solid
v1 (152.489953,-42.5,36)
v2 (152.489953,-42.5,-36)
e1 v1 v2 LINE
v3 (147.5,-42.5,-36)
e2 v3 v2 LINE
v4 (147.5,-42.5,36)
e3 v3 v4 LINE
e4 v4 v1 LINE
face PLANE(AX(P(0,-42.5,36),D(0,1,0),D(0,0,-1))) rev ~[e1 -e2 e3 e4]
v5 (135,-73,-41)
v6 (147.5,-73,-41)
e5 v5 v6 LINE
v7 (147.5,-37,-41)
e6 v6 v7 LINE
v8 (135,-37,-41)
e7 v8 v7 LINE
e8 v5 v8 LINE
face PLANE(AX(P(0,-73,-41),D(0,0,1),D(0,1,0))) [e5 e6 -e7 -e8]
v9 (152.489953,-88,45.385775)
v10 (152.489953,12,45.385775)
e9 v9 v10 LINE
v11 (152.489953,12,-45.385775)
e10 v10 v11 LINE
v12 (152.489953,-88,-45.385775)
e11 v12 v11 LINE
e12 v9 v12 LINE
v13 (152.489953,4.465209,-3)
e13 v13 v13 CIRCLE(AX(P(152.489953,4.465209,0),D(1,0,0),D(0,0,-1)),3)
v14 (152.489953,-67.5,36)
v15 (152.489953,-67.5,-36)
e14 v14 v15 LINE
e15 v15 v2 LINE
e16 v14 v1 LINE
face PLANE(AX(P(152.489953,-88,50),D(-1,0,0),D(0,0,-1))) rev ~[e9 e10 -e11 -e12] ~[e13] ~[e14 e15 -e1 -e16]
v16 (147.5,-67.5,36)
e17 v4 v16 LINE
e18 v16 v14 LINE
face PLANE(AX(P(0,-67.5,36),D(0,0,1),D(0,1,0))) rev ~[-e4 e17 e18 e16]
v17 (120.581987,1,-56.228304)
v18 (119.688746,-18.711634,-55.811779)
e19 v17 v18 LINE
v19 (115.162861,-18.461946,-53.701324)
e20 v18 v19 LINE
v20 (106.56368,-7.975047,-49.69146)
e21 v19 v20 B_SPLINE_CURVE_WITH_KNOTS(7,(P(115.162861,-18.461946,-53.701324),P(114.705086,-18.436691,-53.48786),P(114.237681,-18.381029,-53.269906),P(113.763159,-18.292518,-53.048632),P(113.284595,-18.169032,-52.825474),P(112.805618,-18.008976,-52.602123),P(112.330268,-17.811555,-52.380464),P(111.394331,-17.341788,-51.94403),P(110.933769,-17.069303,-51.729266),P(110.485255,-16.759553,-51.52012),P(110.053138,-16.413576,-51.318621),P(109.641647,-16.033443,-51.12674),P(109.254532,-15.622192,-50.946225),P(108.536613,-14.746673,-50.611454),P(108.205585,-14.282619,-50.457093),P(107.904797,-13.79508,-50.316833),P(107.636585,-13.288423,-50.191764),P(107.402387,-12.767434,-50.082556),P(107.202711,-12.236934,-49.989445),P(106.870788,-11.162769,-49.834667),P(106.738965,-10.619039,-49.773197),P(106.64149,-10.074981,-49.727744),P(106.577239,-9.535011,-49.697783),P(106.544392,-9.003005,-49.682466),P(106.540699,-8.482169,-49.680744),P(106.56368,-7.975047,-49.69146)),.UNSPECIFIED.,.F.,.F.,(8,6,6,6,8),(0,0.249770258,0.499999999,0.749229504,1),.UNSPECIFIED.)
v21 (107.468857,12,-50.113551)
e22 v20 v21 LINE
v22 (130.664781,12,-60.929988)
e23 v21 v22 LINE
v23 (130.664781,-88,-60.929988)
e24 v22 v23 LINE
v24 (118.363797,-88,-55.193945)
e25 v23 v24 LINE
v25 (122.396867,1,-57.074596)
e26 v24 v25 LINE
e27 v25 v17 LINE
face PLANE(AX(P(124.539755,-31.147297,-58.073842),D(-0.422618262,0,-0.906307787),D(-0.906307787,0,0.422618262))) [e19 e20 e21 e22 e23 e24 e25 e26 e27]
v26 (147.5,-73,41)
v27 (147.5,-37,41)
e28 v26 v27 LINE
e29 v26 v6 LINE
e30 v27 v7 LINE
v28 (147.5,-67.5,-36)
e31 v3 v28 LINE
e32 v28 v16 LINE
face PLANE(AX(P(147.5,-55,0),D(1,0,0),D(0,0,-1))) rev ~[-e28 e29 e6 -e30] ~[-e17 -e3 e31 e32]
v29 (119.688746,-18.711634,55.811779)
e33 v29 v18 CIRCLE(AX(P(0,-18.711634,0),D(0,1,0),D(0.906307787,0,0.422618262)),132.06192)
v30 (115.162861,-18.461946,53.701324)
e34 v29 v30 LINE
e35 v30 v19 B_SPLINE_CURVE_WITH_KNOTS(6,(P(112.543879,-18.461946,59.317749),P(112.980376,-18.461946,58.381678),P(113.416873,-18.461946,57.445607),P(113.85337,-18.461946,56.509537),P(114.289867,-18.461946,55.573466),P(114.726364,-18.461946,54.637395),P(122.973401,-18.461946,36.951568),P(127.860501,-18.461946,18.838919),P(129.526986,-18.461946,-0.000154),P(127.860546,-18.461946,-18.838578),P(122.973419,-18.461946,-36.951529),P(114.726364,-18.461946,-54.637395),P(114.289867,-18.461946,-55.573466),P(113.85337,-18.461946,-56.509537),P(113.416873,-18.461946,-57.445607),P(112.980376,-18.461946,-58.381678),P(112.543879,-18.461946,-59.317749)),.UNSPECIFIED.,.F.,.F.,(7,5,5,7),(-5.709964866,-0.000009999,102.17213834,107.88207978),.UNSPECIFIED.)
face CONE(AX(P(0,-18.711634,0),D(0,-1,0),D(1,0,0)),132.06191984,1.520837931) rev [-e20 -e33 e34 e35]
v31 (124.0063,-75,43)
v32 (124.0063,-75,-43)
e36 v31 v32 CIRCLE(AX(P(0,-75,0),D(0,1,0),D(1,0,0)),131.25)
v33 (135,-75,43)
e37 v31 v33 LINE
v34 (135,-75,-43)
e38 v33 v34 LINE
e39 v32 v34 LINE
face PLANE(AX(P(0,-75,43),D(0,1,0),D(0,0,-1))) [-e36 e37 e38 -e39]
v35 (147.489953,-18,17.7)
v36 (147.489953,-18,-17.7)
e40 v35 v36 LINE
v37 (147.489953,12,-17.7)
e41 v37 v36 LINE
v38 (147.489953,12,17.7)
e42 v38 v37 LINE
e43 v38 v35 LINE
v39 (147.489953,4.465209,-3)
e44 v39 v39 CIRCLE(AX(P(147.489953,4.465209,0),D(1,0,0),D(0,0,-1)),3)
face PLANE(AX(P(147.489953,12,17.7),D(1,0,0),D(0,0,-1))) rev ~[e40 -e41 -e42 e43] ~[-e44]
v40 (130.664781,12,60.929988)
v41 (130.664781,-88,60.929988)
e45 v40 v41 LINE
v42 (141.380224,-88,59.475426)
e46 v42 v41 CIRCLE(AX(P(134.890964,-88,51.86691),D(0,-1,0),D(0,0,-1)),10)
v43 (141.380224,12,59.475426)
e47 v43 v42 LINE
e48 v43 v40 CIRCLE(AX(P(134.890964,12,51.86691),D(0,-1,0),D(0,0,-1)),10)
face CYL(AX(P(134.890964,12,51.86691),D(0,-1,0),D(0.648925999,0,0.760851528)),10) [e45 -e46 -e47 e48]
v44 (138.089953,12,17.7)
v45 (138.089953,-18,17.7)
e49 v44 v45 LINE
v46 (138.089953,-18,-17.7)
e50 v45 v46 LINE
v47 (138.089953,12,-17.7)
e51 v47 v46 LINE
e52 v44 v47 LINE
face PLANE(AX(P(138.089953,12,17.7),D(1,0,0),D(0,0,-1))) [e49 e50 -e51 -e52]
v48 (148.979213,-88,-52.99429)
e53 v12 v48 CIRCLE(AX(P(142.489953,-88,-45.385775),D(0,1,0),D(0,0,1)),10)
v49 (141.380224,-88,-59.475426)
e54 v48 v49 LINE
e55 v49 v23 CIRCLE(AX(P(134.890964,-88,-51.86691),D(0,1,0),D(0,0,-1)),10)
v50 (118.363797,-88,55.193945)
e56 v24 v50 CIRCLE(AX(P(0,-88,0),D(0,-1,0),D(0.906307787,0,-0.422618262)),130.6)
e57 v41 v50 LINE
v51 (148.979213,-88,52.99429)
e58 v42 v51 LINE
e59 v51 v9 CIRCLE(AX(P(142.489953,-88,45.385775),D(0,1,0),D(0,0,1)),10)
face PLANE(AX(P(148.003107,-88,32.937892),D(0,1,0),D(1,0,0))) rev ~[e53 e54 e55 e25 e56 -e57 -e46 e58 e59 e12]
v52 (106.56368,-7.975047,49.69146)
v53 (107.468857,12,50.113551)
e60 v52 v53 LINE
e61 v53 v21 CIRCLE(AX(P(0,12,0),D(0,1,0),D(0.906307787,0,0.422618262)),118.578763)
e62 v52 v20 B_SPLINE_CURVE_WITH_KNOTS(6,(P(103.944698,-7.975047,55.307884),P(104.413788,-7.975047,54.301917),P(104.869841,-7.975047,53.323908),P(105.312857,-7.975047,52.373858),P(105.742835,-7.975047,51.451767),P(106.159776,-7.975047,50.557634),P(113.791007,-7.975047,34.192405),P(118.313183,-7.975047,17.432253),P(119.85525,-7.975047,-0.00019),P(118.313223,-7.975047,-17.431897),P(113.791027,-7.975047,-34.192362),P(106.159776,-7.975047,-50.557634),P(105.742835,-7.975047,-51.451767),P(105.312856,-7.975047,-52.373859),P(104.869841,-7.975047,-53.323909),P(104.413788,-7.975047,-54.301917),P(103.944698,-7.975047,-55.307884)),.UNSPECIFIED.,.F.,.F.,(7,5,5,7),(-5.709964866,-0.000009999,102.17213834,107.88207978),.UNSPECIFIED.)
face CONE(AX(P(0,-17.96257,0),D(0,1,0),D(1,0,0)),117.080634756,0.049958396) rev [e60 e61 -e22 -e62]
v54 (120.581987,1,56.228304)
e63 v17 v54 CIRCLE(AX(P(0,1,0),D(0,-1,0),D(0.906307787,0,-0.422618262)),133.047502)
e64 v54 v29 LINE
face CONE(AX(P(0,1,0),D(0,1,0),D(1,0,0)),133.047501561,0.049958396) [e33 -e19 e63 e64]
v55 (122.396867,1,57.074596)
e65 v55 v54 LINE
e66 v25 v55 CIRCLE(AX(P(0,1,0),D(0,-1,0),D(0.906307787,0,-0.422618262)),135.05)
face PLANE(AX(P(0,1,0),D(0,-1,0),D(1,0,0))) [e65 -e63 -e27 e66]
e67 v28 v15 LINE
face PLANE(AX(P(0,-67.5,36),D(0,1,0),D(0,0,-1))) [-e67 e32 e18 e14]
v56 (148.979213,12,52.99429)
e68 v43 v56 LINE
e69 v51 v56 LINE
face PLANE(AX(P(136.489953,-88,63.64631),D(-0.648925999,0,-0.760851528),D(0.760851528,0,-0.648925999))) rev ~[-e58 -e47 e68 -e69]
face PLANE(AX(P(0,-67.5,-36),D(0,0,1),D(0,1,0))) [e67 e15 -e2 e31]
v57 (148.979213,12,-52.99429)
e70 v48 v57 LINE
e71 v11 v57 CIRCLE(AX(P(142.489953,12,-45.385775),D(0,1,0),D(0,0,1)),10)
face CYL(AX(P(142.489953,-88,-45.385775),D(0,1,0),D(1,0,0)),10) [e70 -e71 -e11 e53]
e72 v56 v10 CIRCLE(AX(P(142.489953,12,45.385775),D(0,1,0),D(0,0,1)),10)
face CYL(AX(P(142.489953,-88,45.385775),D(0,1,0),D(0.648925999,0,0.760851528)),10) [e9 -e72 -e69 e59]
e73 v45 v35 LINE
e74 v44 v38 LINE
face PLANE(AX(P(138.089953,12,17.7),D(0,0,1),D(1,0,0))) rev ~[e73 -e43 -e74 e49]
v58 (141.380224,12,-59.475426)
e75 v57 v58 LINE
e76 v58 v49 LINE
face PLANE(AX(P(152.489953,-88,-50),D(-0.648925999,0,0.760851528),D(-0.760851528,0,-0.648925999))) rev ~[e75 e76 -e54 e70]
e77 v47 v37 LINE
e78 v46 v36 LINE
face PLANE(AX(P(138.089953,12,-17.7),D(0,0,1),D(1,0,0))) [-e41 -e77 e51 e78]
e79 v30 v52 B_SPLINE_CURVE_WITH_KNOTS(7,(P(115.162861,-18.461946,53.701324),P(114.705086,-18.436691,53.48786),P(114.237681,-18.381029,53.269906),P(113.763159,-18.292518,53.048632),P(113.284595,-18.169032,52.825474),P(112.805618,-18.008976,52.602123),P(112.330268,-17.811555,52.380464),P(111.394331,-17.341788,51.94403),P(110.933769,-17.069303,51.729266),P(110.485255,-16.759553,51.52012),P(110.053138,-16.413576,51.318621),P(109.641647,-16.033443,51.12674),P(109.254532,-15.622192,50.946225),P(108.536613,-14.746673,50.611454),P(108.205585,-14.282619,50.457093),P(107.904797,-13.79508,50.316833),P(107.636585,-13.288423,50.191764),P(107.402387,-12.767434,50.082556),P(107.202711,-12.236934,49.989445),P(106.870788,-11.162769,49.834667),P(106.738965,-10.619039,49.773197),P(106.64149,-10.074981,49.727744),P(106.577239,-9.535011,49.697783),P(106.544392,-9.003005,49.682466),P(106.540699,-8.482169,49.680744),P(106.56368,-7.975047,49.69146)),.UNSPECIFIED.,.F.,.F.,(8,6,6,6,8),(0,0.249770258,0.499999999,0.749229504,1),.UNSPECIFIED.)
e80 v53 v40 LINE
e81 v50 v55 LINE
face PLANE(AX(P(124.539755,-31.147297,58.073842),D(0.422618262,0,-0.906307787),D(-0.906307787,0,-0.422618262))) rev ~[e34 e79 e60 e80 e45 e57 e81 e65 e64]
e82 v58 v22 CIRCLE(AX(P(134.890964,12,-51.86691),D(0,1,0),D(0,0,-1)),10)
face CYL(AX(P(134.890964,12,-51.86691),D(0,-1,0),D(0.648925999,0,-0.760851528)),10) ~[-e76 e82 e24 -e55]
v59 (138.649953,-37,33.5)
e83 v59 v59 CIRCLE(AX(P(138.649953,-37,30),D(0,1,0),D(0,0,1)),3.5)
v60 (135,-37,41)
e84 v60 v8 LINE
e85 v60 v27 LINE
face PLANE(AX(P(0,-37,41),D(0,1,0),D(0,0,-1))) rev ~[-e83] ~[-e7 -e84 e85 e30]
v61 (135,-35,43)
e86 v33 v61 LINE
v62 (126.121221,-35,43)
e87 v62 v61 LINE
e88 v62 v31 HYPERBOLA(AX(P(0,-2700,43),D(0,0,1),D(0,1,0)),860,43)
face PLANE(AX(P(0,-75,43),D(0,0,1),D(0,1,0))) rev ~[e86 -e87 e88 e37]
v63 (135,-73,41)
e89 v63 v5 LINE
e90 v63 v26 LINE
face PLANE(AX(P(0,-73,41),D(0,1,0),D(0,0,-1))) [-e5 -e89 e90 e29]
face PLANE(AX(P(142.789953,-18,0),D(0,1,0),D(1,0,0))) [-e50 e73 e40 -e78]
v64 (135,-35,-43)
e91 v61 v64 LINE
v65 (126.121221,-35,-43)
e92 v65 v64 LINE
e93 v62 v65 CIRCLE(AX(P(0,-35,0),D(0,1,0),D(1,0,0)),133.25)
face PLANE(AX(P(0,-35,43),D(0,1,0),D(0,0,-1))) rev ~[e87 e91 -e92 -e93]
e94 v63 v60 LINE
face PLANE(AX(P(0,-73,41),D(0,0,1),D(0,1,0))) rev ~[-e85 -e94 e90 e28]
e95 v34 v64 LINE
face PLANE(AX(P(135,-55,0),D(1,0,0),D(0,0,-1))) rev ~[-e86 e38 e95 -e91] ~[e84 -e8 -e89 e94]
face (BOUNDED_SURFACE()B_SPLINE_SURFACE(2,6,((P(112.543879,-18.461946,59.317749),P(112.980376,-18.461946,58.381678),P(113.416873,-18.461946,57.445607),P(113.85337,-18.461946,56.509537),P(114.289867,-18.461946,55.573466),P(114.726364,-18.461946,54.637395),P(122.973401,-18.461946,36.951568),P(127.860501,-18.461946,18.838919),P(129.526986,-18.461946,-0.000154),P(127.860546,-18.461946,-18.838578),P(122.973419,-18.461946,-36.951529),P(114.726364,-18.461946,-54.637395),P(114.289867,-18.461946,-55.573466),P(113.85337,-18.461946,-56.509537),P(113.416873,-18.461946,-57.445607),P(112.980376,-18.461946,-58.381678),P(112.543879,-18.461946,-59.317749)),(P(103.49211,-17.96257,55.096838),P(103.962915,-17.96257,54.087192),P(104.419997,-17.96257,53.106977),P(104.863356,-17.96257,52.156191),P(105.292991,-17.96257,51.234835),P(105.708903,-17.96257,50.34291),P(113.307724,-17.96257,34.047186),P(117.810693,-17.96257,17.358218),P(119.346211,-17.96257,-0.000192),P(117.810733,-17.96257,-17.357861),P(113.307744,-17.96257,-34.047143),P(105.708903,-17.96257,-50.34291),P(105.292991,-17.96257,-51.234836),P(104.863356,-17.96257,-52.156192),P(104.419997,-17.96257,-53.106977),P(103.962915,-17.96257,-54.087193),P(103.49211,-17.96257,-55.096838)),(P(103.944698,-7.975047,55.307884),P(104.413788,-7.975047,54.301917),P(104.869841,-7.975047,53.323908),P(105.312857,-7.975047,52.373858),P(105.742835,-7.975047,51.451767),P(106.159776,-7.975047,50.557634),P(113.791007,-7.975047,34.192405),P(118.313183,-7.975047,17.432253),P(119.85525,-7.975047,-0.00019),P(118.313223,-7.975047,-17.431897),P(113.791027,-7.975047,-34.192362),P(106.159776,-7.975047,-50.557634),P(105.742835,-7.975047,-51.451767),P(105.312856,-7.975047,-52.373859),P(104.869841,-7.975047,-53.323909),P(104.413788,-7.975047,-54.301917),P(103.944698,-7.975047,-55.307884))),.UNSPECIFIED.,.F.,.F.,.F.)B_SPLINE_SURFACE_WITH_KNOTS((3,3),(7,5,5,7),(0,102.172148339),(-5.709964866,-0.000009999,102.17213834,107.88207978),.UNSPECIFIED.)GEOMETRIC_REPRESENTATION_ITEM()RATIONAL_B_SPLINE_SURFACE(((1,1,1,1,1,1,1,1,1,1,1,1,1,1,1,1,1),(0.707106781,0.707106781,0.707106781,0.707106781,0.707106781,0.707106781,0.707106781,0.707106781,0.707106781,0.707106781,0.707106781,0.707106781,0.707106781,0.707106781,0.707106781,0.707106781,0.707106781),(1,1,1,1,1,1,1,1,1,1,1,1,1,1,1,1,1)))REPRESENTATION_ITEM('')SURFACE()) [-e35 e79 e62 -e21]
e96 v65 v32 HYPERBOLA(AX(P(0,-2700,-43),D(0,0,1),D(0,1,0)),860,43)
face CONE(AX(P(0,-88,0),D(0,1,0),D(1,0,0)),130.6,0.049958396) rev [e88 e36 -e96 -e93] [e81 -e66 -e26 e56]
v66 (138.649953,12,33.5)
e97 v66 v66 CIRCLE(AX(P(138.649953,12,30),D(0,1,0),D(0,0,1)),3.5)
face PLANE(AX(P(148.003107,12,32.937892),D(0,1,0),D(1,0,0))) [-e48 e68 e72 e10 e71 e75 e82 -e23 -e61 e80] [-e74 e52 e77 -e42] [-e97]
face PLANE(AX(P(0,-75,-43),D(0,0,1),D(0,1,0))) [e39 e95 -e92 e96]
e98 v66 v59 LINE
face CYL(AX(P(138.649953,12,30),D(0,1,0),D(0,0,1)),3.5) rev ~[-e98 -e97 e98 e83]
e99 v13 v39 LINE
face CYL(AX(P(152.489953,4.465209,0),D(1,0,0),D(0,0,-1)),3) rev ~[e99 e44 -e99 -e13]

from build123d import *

# Parameters (mm, degrees)
REVOLU_O2_ANGLE          = 50
RESSALTO_EXTRUS_O1_START = -100
RESSALTO_EXTRUS_O1_DEPTH = 100
ESBO_O9_W                = 82
ESBO_O9_H                = 36
CORTE_EXTRUS_O6_DEPTH    = 147.5
ESBO_O11_W               = 72
ESBO_O11_H               = 25
CORTE_EXTRUS_O7_DEPTH    = 172
ESBO_O15_R               = 3.5
CORTE_EXTRUS_O8_DEPTH    = 49
ESBO_O16_W               = 86
ESBO_O16_H               = 40
ESBO_O16_W_2             = 82
ESBO_O16_H_2             = 36
CORTE_EXTRUS_O9_DEPTH    = 135
ESBO_O17_W               = 9.4
ESBO_O17_H               = 35.4
CORTE_EXTRUS_O10_DEPTH   = 30
ESBO_O18_R               = 3
CORTE_EXTRUS_O12_DEPTH   = 5
FILETE1_R                = 10


with BuildPart() as part:
    # Esboço1 → Revolução2 (revolve, symmetric)
    with BuildSketch(Plane.XY) as revolu_o2_sk:
        Polygon((133.047501561, 1), (132.06191984, -18.71163442), (117.080634756, -17.962570166), (118.578763265, 12), (150.6, 12), (150.6, -88), (130.6, -88), (135.05, 1), align=None)
    revolve(axis=Axis((0, -200, 0), (0, 1, 0)), revolution_arc=REVOLU_O2_ANGLE / 2)
    revolve(revolu_o2_sk.sketch, axis=Axis((0, -200, 0), (0, -1, 0)), revolution_arc=REVOLU_O2_ANGLE / 2)

    # Esboço10 → Ressalto-extrusão1 (add)
    with BuildSketch(Plane(origin=(0, 12, 0), x_dir=(1, 0, 0), z_dir=(0, 1, 0)).offset(RESSALTO_EXTRUS_O1_START)):
        with BuildLine():
            Line((152.489952728, 0), (150.6, 0))
            ThreePointArc((150.6, 0), (147.030178672, -32.595805859), (136.489952728, -63.646310218))
            Line((136.489952728, -63.646310218), (152.489952728, -50))
            Line((152.489952728, -50), (152.489952728, 0))
        make_face()
        with BuildLine():
            Line((152.489952728, 50), (136.489952728, 63.646310218))
            ThreePointArc((136.489952728, 63.646310218), (147.030178672, 32.595805859), (150.6, 0))
            Line((150.6, 0), (152.489952728, 0))
            Line((152.489952728, 0), (152.489952728, 50))
        make_face()
    extrude(amount=RESSALTO_EXTRUS_O1_DEPTH)

    # Esboço9 → Corte-extrusão6 (cut)
    with BuildSketch(Plane(origin=(0, 0, 0), x_dir=(0, 0, -1), z_dir=(1, 0, 0))):
        with Locations((0, -55)):
            Rectangle(ESBO_O9_W, ESBO_O9_H)
    extrude(amount=CORTE_EXTRUS_O6_DEPTH, mode=Mode.SUBTRACT)

    # Esboço11 → Corte-extrusão7 (cut)
    with BuildSketch(Plane(origin=(0, 0, 0), x_dir=(0, 0, -1), z_dir=(1, 0, 0))):
        with Locations((0, -55)):
            Rectangle(ESBO_O11_W, ESBO_O11_H)
    extrude(amount=CORTE_EXTRUS_O7_DEPTH, mode=Mode.SUBTRACT)

    # Esboço15 → Corte-extrusão8 (cut)
    with BuildSketch(Plane(origin=(0, 12, 0), x_dir=(1, 0, 0), z_dir=(0, 1, 0))):
        with Locations(Location((138.649952728, -30, 0), (0, 0, 270))):
            Circle(ESBO_O15_R)
    extrude(amount=-CORTE_EXTRUS_O8_DEPTH, mode=Mode.SUBTRACT)

    # Esboço16 → Corte-extrusão9 (cut)
    with BuildSketch(Plane(origin=(0, 0, 0), x_dir=(0, 0, -1), z_dir=(1, 0, 0))):
        with Locations((0, -55)):
            Rectangle(ESBO_O16_W, ESBO_O16_H)
        with Locations((0, -55)):
            Rectangle(ESBO_O16_W_2, ESBO_O16_H_2, mode=Mode.SUBTRACT)
    extrude(amount=CORTE_EXTRUS_O9_DEPTH, mode=Mode.SUBTRACT)

    # Esboço17 → Corte-extrusão10 (cut)
    with BuildSketch(Plane(origin=(0, 12, 0), x_dir=(1, 0, 0), z_dir=(0, 1, 0))):
        with Locations((142.789952728, 0)):
            Rectangle(ESBO_O17_W, ESBO_O17_H)
    extrude(amount=-CORTE_EXTRUS_O10_DEPTH, mode=Mode.SUBTRACT)

    # Esboço18 → Corte-extrusão12 (cut)
    with BuildSketch(Plane(origin=(152.489952728, 0, 0), x_dir=(0, 0, -1), z_dir=(1, 0, 0))):
        with Locations((0, 4.465209406)):
            Circle(ESBO_O18_R)
    extrude(amount=-CORTE_EXTRUS_O12_DEPTH, mode=Mode.SUBTRACT)

    # Filete1
    filete1_edges = [part.edges().sort_by_distance(p)[0] for p in [
        (117.080634756, -17.962570166, 0),
        (152.489952728, -38, -50),
        (152.489952728, -38, 50),
        (136.489952728, -38, -63.646310218),
        (136.489952728, -38, 63.646310218),
    ]]
    fillet(filete1_edges, radius=FILETE1_R)


solid = part.part
